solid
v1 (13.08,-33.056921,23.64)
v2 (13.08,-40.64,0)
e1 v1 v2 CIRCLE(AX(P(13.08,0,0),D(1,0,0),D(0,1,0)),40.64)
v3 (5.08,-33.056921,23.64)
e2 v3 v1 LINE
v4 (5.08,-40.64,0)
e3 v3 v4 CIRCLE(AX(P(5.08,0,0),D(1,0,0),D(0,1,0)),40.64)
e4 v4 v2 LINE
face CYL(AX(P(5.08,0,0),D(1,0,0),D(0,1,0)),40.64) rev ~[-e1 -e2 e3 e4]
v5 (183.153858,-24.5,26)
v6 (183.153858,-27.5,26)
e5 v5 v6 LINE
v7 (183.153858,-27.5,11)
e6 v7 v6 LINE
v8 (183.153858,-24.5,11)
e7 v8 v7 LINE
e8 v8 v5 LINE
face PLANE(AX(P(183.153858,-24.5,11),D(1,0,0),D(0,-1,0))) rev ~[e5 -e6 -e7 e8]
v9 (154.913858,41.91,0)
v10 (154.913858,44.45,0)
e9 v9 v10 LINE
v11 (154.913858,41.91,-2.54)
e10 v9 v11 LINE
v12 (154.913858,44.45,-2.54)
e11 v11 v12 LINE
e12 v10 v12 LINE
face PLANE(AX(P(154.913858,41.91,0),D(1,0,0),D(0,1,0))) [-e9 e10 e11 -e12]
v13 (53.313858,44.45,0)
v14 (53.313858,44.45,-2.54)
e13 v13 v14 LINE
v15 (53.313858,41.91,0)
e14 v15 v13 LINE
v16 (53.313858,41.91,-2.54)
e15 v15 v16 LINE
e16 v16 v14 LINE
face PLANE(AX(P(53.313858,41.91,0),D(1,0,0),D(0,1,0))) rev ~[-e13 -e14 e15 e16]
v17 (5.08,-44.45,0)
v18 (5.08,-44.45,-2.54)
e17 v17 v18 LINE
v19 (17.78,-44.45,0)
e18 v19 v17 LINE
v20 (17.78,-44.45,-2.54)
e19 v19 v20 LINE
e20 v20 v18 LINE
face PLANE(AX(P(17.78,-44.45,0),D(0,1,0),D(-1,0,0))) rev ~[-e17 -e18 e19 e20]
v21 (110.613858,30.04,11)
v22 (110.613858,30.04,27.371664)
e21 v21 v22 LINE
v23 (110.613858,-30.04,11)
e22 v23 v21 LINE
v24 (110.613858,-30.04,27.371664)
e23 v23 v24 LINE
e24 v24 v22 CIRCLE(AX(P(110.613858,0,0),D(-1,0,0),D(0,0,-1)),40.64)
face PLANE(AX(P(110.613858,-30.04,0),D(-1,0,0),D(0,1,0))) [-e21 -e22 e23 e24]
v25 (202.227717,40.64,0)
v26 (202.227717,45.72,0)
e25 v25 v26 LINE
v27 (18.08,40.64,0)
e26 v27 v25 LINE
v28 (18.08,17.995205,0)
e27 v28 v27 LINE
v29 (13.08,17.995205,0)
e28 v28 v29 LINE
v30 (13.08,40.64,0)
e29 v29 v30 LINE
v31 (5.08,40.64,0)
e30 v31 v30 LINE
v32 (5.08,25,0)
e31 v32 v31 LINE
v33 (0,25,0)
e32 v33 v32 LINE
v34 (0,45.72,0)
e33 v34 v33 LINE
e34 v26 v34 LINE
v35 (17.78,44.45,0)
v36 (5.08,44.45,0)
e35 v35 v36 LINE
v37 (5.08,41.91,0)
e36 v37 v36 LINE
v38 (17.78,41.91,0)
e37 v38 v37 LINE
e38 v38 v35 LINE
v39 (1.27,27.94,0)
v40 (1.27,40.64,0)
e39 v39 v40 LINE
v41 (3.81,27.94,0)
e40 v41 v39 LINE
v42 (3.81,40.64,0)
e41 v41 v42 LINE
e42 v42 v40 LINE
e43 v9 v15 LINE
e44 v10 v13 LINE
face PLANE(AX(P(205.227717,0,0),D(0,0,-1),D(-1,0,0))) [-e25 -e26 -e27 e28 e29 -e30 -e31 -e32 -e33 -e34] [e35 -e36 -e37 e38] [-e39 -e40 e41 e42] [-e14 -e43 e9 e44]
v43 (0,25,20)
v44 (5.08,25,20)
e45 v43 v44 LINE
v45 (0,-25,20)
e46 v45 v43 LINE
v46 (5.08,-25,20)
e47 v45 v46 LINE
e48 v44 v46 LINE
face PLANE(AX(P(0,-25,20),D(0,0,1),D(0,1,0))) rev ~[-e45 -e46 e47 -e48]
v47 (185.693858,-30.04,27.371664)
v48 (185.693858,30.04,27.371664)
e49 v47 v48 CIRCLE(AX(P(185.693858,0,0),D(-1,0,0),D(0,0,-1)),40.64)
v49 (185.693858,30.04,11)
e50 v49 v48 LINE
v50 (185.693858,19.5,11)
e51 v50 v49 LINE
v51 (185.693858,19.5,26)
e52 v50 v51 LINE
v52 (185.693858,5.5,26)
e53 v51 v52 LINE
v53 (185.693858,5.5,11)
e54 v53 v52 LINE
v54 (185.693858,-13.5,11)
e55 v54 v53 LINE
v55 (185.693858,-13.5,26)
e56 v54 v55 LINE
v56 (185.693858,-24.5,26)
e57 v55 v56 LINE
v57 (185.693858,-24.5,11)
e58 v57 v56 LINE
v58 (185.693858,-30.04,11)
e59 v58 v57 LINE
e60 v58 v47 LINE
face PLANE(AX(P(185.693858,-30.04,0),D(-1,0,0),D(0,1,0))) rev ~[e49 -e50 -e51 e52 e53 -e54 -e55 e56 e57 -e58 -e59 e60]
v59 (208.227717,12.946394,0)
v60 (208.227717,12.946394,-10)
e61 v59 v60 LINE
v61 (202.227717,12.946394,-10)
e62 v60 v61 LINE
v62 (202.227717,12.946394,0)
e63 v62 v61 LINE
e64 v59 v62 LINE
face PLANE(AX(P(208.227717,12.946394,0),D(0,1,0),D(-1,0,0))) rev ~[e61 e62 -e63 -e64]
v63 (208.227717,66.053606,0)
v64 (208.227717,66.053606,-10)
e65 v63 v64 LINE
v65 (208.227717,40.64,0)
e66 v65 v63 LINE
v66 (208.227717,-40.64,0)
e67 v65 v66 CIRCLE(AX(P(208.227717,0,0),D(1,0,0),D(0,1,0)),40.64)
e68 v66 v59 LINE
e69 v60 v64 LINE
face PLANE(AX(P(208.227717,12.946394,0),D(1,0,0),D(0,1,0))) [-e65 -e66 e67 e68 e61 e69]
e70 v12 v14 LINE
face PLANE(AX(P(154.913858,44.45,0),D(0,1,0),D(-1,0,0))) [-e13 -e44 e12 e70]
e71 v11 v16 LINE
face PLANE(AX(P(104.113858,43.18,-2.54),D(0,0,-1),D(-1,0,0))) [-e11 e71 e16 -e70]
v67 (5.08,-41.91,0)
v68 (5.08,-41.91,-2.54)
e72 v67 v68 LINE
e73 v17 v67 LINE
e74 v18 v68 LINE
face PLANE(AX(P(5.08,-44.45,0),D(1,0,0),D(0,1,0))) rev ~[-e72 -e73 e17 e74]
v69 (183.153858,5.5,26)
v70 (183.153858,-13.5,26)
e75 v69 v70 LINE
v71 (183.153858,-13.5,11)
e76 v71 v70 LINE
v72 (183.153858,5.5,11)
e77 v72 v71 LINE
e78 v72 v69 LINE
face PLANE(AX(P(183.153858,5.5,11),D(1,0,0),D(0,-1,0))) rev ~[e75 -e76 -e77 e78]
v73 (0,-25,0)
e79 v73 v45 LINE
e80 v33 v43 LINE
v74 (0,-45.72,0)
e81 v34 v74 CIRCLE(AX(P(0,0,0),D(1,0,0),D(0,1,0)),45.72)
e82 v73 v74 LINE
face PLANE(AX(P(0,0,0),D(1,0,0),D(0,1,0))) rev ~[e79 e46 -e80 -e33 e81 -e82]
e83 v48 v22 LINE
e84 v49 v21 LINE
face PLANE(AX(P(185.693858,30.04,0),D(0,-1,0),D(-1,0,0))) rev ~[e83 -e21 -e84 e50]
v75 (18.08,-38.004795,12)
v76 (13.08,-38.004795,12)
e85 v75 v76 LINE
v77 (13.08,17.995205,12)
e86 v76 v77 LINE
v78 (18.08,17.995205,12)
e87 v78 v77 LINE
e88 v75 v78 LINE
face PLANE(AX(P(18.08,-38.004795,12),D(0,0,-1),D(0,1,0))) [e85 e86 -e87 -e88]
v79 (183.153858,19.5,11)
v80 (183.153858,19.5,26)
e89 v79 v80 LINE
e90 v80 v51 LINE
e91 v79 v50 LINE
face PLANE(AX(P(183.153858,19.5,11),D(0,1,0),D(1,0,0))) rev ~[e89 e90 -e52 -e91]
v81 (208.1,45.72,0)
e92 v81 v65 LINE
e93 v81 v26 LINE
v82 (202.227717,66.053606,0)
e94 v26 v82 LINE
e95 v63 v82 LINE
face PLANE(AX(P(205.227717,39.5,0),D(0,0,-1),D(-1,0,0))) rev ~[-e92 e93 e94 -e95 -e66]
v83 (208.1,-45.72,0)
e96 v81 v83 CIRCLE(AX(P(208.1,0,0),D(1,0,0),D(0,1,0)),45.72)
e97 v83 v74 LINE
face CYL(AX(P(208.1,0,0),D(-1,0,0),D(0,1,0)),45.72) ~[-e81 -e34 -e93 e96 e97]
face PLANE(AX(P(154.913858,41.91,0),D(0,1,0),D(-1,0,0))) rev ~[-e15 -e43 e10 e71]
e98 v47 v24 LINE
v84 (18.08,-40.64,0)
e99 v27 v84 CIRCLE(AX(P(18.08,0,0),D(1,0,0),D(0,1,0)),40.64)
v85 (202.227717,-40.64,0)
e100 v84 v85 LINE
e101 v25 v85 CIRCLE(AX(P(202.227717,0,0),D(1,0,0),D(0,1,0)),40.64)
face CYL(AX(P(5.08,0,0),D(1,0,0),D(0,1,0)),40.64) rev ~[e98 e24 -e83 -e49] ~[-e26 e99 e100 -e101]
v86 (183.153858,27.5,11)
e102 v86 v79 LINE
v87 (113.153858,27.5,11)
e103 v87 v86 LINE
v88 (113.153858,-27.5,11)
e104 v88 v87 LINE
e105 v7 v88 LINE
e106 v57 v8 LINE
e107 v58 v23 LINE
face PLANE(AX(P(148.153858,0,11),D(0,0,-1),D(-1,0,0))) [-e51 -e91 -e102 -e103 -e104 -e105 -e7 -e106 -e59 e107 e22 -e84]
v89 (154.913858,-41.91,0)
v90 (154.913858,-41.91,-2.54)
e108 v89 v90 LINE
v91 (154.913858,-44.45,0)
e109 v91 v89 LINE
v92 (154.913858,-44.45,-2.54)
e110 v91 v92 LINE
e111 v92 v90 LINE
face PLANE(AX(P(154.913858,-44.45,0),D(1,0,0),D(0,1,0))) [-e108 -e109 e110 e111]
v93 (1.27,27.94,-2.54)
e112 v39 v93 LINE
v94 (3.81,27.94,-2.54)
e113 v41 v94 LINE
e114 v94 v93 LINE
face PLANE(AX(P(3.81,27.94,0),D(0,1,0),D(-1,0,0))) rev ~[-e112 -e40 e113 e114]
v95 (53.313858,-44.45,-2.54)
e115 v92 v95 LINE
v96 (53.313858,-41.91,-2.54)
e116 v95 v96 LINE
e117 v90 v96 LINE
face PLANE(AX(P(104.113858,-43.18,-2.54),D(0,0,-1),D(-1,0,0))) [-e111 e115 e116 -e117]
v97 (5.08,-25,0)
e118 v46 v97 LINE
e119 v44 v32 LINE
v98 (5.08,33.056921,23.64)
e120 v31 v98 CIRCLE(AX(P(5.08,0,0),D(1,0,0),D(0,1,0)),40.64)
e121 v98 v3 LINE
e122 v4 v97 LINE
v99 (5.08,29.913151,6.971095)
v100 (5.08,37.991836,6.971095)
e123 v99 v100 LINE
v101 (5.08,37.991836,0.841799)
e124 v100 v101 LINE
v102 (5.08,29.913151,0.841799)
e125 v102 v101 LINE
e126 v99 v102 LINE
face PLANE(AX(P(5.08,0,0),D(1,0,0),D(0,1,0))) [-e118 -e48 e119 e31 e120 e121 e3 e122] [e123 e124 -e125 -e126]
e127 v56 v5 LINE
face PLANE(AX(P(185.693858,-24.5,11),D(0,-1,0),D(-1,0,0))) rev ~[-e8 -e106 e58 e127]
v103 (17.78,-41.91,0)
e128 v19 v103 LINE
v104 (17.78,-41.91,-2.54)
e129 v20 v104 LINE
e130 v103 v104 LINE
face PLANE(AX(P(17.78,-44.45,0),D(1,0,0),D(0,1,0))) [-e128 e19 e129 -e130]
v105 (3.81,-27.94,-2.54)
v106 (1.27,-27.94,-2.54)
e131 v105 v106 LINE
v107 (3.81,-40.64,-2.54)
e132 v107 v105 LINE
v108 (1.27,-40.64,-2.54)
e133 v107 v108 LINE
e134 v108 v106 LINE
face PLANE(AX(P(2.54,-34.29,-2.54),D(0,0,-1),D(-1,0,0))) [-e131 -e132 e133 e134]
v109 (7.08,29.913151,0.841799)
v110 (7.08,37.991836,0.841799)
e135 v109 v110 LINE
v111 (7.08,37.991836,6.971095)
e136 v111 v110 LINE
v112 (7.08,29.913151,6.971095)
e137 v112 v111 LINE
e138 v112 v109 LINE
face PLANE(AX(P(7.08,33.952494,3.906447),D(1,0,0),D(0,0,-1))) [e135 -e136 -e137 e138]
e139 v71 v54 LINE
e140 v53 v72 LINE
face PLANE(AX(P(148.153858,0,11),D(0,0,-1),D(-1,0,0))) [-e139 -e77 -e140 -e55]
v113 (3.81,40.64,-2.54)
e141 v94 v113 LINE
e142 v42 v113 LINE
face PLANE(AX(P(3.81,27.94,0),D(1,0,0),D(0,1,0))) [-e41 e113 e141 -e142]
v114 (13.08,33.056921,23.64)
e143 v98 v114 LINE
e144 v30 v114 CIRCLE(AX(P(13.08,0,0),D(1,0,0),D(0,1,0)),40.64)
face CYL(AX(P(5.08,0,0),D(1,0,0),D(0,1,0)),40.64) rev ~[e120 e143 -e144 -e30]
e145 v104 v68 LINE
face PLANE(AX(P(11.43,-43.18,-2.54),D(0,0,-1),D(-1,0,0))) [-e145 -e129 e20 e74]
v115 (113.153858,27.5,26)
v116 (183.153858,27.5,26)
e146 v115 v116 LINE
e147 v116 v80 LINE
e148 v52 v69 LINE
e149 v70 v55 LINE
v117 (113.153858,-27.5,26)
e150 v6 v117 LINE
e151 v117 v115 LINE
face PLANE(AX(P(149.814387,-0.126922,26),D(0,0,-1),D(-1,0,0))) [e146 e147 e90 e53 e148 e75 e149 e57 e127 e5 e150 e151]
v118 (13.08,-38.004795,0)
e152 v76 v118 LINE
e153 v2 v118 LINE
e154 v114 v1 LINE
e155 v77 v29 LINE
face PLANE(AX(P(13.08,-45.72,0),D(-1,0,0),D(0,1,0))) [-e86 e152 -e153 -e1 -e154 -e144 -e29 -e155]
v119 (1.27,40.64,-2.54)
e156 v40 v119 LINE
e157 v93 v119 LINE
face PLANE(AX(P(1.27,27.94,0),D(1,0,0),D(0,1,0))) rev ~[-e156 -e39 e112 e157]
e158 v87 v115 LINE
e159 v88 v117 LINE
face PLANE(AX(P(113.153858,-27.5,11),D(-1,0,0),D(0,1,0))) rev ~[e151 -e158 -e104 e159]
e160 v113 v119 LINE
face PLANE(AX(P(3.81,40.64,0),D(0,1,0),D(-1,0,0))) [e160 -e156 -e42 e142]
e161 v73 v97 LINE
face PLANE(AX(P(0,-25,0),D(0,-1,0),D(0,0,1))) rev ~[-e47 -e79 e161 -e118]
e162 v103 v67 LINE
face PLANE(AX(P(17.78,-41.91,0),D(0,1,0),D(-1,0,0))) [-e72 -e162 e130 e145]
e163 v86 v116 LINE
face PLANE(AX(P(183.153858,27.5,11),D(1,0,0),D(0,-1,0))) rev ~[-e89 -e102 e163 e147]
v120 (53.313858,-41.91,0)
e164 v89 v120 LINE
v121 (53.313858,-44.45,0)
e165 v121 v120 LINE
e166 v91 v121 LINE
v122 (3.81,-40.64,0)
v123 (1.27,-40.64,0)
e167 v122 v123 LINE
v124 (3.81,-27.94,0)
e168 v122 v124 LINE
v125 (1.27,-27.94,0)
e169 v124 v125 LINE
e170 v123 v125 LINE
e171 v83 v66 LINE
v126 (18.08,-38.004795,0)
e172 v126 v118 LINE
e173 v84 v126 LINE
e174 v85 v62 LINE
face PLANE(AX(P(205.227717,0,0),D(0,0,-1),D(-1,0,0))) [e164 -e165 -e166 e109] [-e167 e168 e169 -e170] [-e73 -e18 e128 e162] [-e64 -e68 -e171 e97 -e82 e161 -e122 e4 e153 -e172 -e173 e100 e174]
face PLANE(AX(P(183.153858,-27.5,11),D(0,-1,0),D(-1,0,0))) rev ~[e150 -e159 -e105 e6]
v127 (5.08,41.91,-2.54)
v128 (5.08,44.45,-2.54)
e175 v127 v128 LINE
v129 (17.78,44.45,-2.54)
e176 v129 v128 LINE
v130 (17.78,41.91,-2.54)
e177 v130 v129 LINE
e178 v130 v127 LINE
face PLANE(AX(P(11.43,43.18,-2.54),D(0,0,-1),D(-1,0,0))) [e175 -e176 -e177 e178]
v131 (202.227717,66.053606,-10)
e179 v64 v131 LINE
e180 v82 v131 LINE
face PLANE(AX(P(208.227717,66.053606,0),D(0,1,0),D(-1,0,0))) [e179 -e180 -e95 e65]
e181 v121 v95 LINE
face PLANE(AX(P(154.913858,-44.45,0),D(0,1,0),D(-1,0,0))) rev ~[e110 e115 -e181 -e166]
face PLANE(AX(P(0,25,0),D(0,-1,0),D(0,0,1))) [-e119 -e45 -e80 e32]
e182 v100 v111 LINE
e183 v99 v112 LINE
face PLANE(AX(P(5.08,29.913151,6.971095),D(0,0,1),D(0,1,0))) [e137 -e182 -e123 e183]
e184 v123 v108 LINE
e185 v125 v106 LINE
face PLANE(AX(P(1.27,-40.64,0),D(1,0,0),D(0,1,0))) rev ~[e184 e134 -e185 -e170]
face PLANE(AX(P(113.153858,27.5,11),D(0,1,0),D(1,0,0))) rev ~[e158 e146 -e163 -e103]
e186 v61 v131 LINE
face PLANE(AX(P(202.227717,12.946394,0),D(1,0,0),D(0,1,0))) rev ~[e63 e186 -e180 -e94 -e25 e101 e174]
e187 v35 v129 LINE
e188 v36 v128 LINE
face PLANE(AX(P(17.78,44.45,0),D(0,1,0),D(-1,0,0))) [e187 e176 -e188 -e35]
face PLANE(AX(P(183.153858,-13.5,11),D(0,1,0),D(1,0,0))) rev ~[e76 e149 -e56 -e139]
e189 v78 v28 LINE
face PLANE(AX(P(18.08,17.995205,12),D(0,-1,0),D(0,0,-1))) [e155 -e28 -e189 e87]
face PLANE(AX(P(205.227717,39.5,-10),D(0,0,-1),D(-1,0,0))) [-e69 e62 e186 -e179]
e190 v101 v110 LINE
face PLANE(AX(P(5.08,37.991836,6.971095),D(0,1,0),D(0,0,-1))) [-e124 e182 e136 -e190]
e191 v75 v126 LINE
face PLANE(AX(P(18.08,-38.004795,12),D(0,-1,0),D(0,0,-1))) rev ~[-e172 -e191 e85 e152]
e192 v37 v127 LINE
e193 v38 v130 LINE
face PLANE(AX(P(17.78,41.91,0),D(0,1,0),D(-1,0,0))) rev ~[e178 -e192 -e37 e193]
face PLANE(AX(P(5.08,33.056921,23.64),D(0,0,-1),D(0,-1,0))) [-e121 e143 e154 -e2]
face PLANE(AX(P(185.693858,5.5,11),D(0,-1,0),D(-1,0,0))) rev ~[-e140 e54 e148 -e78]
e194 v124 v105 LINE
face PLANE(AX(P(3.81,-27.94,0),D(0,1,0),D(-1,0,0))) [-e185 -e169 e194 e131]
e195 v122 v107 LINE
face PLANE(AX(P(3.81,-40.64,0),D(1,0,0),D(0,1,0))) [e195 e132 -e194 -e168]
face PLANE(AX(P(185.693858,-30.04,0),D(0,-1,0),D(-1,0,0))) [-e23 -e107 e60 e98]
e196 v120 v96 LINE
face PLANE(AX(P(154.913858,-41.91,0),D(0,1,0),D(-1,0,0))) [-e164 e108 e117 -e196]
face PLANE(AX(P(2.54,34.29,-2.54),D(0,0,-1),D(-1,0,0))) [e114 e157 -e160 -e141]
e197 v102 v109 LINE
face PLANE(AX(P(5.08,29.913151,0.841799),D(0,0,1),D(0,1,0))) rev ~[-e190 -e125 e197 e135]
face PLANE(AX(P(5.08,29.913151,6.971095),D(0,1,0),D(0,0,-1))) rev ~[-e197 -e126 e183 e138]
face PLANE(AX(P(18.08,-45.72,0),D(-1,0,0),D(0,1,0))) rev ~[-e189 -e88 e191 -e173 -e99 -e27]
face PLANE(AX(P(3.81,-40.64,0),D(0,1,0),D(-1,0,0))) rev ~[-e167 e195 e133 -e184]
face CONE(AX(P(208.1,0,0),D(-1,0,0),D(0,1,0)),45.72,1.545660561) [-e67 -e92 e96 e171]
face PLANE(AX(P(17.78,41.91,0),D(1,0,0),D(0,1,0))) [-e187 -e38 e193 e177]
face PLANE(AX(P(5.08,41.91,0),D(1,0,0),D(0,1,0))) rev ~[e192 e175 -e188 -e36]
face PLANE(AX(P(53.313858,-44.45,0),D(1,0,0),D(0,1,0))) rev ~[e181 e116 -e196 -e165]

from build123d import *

# Parameters (mm, degrees)
REVOLVE2_ANGLE           = 180
SKETCH5_W                = 2.54
SKETCH5_H                = 12.7
SKETCH5_W_2              = 101.6
SKETCH5_H_2              = 2.54
SKETCH5_W_3              = 12.7
BOSS_EXTRUDE1_DEPTH      = 2.54
SKETCH7_W                = 20
SKETCH7_H                = 50
CUT_EXTRUDE1_DEPTH       = 7
BOSS_EXTRUDE3_REACH      = 220.035
SKETCH8_W                = 5
SKETCH8_H                = 91.44
SKETCH9_W                = 6.129296028
SKETCH9_H                = 8.078685473
BOSS_EXTRUDE4_DEPTH      = 2
BOSS_EXTRUDE7_START      = 8
BOSS_EXTRUDE7_DEPTH      = 8
BOSS_EXTRUDE8_REACH      = 220.035
BOSS_EXTRUDE8_END_RADIUS = 40.64
SKETCH13_W               = 75.08
SKETCH13_H               = 60.08
SKETCH13_W_2             = 70
SKETCH13_H_2             = 55
SKETCH14_W               = 75.08
SKETCH14_H               = 60.08
CUT_EXTRUDE3_DEPTH       = 11
BOSS_EXTRUDE9_REACH      = 217.997
SKETCH15_W               = 70
SKETCH15_H               = 55
CUT_EXTRUDE5_DEPTH       = 15
CUT_EXTRUDE6_REACH       = 202.84
SKETCH18_W               = 12
SKETCH18_H               = 56
BOSS_EXTRUDE10_REACH     = 220.035
SKETCH23_W               = 6
SKETCH23_H               = 81.28
SKETCH26_W               = 6
SKETCH26_H               = 53.107211962
BOSS_EXTRUDE11_DEPTH     = 10


with BuildPart() as part:
    # Sketch2 → Revolve2 (revolve)
    with BuildSketch(Plane.XY):
        Polygon((0, 0), (0, 40.64), (0, 45.72), (25.4, 45.72), (195.4, 45.72), (208.1, 45.72), (208.22771659, 40.64), (195.52771659, 40.64), (25.4, 40.64), (5.08, 40.64), (5.08, 0), align=None)
    revolve(axis=Axis((0, 0, 0), (1, 0, 0)), revolution_arc=REVOLVE2_ANGLE)

    # Sketch5 → Boss-Extrude1 (add)
    with BuildSketch(Plane(origin=(0, 0, 0), x_dir=(-1, 0, 0), z_dir=(0, 0, -1))):
        with Locations((-2.54, 34.29)):
            Rectangle(SKETCH5_W, SKETCH5_H)
        with Locations((-104.113858295, -43.18)):
            Rectangle(SKETCH5_W_2, SKETCH5_H_2)
        with Locations((-11.43, 43.18)):
            Rectangle(SKETCH5_W_3, SKETCH5_H_2)
        with Locations((-104.113858295, 43.18)):
            Rectangle(SKETCH5_W_2, SKETCH5_H_2)
        with Locations((-11.43, -43.18)):
            Rectangle(SKETCH5_W_3, SKETCH5_H_2)
        with Locations((-2.54, -34.29)):
            Rectangle(SKETCH5_W, SKETCH5_H)
    extrude(amount=BOSS_EXTRUDE1_DEPTH)

    # Sketch7 → Cut-Extrude1 (cut)
    with BuildSketch(Plane.ZY):
        with Locations((10, 0)):
            Rectangle(SKETCH7_W, SKETCH7_H)
    extrude(amount=-CUT_EXTRUDE1_DEPTH, mode=Mode.SUBTRACT)

    # Sketch8 → Boss-Extrude3 (add, up to next)
    with BuildSketch(Plane(origin=(0, 0, 0), x_dir=(-1, 0, 0), z_dir=(0, 0, -1)), mode=Mode.PRIVATE) as boss_extrude3_sk1:
        with Locations((-15.58, 0)):
            Rectangle(SKETCH8_W, SKETCH8_H)
    boss_extrude3_tool1 = extrude(boss_extrude3_sk1.sketch, amount=-BOSS_EXTRUDE3_REACH, mode=Mode.PRIVATE) - part.part
    add(boss_extrude3_tool1.solids().sort_by_distance((15.58, 0, 0))[0])

    # Sketch9 → Boss-Extrude4 (add)
    with BuildSketch(Plane(origin=(5.08, 0, 0), x_dir=(0, 0, -1), z_dir=(1, 0, 0))):
        with Locations((-3.906446672, 33.952493663)):
            Rectangle(SKETCH9_W, SKETCH9_H)
    extrude(amount=BOSS_EXTRUDE4_DEPTH)

    # Sketch12 → Boss-Extrude7 (add)
    with BuildSketch(Plane.ZY.offset(-13.08).offset(BOSS_EXTRUDE7_START)):
        with BuildLine():
            Line((23.64, 33.056920607), (23.64, -33.056920607))
            ThreePointArc((23.64, -33.056920607), (40.64, 0), (23.64, 33.056920607))
        make_face()
    extrude(amount=-BOSS_EXTRUDE7_DEPTH)

    # Boss-Extrude8: up to this cylinder (the profile starts inside it)
    boss_extrude8_end = Plane(origin=(148.153858, 0, 0), z_dir=(-1, 0, 0)) * Cylinder(BOSS_EXTRUDE8_END_RADIUS, 522.35, mode=Mode.PRIVATE)
    # Sketch13 → Boss-Extrude8 (add, up to the surface)
    with BuildSketch(Plane(origin=(0, 0, 0), x_dir=(-1, 0, 0), z_dir=(0, 0, -1)), mode=Mode.PRIVATE) as boss_extrude8_sk1:
        with Locations((-148.153858295, 0)):
            Rectangle(SKETCH13_W, SKETCH13_H)
        with Locations((-148.153858295, 0)):
            Rectangle(SKETCH13_W_2, SKETCH13_H_2, mode=Mode.SUBTRACT)
    boss_extrude8_tool1 = extrude(boss_extrude8_sk1.sketch, amount=-BOSS_EXTRUDE8_REACH, mode=Mode.PRIVATE) & boss_extrude8_end
    add(boss_extrude8_tool1.solids().sort_by_distance((148.153858, 29.078407, 0))[0])

    # Sketch14 → Cut-Extrude3 (cut)
    with BuildSketch(Plane(origin=(0, 0, 0), x_dir=(-1, 0, 0), z_dir=(0, 0, -1))):
        with Locations((-148.153858295, 0)):
            Rectangle(SKETCH14_W, SKETCH14_H)
    extrude(amount=-CUT_EXTRUDE3_DEPTH, mode=Mode.SUBTRACT)

    # Sketch15 → Boss-Extrude9 (add, up to next)
    with BuildSketch(Plane(origin=(0, 0, 11), x_dir=(-1, 0, 0), z_dir=(0, 0, -1)), mode=Mode.PRIVATE) as boss_extrude9_sk1:
        with Locations((-148.153858295, 0)):
            Rectangle(SKETCH15_W, SKETCH15_H)
    boss_extrude9_tool1 = extrude(boss_extrude9_sk1.sketch, amount=-BOSS_EXTRUDE9_REACH, mode=Mode.PRIVATE) - part.part
    add(boss_extrude9_tool1.solids().sort_by_distance((148.153858, 0, 11))[0])

    # Sketch17 → Cut-Extrude5 (cut)
    with BuildSketch(Plane(origin=(0, 0, 11), x_dir=(-1, 0, 0), z_dir=(0, 0, -1))):
        Polygon((-113.153858295, 27.5), (-183.153858295, 27.5), (-183.153858295, 19.5), (-185.693858295, 19.5), (-185.693858295, 5.5), (-183.153858295, 5.5), (-183.153858295, -13.5), (-185.693858295, -13.5), (-185.693858295, -24.5), (-183.153858295, -24.5), (-183.153858295, -27.5), (-113.153858295, -27.5), align=None)
    extrude(amount=-CUT_EXTRUDE5_DEPTH, mode=Mode.SUBTRACT)

    # Sketch18 → Cut-Extrude6 (cut, up to next)
    with BuildSketch(Plane(origin=(18.08, 0, 0), x_dir=(0, 0, -1), z_dir=(1, 0, 0)), mode=Mode.PRIVATE) as cut_extrude6_sk1:
        with Locations((-6, -10.004795356)):
            Rectangle(SKETCH18_W, SKETCH18_H)
    cut_extrude6_tool1 = extrude(cut_extrude6_sk1.sketch, amount=-CUT_EXTRUDE6_REACH, mode=Mode.PRIVATE) & part.part
    add(cut_extrude6_tool1.solids().sort_by_distance((18.08, -10.004795, 6))[0], mode=Mode.SUBTRACT)

    # Sketch23 → Boss-Extrude10 (add, up to next)
    with BuildSketch(Plane(origin=(0, 0, 0), x_dir=(-1, 0, 0), z_dir=(0, 0, -1)), mode=Mode.PRIVATE) as boss_extrude10_sk1:
        with Locations((-205.22771659, 0)):
            Rectangle(SKETCH23_W, SKETCH23_H)
    boss_extrude10_tool1 = extrude(boss_extrude10_sk1.sketch, amount=-BOSS_EXTRUDE10_REACH, mode=Mode.PRIVATE) - part.part
    add(boss_extrude10_tool1.solids().sort_by_distance((205.227717, 0, 0))[0])

    # Sketch26 → Boss-Extrude11 (add)
    with BuildSketch(Plane(origin=(0, 0, 0), x_dir=(-1, 0, 0), z_dir=(0, 0, -1))):
        with Locations((-205.22771659, 39.5)):
            Rectangle(SKETCH26_W, SKETCH26_H)
    extrude(amount=BOSS_EXTRUDE11_DEPTH)


solid = part.part
